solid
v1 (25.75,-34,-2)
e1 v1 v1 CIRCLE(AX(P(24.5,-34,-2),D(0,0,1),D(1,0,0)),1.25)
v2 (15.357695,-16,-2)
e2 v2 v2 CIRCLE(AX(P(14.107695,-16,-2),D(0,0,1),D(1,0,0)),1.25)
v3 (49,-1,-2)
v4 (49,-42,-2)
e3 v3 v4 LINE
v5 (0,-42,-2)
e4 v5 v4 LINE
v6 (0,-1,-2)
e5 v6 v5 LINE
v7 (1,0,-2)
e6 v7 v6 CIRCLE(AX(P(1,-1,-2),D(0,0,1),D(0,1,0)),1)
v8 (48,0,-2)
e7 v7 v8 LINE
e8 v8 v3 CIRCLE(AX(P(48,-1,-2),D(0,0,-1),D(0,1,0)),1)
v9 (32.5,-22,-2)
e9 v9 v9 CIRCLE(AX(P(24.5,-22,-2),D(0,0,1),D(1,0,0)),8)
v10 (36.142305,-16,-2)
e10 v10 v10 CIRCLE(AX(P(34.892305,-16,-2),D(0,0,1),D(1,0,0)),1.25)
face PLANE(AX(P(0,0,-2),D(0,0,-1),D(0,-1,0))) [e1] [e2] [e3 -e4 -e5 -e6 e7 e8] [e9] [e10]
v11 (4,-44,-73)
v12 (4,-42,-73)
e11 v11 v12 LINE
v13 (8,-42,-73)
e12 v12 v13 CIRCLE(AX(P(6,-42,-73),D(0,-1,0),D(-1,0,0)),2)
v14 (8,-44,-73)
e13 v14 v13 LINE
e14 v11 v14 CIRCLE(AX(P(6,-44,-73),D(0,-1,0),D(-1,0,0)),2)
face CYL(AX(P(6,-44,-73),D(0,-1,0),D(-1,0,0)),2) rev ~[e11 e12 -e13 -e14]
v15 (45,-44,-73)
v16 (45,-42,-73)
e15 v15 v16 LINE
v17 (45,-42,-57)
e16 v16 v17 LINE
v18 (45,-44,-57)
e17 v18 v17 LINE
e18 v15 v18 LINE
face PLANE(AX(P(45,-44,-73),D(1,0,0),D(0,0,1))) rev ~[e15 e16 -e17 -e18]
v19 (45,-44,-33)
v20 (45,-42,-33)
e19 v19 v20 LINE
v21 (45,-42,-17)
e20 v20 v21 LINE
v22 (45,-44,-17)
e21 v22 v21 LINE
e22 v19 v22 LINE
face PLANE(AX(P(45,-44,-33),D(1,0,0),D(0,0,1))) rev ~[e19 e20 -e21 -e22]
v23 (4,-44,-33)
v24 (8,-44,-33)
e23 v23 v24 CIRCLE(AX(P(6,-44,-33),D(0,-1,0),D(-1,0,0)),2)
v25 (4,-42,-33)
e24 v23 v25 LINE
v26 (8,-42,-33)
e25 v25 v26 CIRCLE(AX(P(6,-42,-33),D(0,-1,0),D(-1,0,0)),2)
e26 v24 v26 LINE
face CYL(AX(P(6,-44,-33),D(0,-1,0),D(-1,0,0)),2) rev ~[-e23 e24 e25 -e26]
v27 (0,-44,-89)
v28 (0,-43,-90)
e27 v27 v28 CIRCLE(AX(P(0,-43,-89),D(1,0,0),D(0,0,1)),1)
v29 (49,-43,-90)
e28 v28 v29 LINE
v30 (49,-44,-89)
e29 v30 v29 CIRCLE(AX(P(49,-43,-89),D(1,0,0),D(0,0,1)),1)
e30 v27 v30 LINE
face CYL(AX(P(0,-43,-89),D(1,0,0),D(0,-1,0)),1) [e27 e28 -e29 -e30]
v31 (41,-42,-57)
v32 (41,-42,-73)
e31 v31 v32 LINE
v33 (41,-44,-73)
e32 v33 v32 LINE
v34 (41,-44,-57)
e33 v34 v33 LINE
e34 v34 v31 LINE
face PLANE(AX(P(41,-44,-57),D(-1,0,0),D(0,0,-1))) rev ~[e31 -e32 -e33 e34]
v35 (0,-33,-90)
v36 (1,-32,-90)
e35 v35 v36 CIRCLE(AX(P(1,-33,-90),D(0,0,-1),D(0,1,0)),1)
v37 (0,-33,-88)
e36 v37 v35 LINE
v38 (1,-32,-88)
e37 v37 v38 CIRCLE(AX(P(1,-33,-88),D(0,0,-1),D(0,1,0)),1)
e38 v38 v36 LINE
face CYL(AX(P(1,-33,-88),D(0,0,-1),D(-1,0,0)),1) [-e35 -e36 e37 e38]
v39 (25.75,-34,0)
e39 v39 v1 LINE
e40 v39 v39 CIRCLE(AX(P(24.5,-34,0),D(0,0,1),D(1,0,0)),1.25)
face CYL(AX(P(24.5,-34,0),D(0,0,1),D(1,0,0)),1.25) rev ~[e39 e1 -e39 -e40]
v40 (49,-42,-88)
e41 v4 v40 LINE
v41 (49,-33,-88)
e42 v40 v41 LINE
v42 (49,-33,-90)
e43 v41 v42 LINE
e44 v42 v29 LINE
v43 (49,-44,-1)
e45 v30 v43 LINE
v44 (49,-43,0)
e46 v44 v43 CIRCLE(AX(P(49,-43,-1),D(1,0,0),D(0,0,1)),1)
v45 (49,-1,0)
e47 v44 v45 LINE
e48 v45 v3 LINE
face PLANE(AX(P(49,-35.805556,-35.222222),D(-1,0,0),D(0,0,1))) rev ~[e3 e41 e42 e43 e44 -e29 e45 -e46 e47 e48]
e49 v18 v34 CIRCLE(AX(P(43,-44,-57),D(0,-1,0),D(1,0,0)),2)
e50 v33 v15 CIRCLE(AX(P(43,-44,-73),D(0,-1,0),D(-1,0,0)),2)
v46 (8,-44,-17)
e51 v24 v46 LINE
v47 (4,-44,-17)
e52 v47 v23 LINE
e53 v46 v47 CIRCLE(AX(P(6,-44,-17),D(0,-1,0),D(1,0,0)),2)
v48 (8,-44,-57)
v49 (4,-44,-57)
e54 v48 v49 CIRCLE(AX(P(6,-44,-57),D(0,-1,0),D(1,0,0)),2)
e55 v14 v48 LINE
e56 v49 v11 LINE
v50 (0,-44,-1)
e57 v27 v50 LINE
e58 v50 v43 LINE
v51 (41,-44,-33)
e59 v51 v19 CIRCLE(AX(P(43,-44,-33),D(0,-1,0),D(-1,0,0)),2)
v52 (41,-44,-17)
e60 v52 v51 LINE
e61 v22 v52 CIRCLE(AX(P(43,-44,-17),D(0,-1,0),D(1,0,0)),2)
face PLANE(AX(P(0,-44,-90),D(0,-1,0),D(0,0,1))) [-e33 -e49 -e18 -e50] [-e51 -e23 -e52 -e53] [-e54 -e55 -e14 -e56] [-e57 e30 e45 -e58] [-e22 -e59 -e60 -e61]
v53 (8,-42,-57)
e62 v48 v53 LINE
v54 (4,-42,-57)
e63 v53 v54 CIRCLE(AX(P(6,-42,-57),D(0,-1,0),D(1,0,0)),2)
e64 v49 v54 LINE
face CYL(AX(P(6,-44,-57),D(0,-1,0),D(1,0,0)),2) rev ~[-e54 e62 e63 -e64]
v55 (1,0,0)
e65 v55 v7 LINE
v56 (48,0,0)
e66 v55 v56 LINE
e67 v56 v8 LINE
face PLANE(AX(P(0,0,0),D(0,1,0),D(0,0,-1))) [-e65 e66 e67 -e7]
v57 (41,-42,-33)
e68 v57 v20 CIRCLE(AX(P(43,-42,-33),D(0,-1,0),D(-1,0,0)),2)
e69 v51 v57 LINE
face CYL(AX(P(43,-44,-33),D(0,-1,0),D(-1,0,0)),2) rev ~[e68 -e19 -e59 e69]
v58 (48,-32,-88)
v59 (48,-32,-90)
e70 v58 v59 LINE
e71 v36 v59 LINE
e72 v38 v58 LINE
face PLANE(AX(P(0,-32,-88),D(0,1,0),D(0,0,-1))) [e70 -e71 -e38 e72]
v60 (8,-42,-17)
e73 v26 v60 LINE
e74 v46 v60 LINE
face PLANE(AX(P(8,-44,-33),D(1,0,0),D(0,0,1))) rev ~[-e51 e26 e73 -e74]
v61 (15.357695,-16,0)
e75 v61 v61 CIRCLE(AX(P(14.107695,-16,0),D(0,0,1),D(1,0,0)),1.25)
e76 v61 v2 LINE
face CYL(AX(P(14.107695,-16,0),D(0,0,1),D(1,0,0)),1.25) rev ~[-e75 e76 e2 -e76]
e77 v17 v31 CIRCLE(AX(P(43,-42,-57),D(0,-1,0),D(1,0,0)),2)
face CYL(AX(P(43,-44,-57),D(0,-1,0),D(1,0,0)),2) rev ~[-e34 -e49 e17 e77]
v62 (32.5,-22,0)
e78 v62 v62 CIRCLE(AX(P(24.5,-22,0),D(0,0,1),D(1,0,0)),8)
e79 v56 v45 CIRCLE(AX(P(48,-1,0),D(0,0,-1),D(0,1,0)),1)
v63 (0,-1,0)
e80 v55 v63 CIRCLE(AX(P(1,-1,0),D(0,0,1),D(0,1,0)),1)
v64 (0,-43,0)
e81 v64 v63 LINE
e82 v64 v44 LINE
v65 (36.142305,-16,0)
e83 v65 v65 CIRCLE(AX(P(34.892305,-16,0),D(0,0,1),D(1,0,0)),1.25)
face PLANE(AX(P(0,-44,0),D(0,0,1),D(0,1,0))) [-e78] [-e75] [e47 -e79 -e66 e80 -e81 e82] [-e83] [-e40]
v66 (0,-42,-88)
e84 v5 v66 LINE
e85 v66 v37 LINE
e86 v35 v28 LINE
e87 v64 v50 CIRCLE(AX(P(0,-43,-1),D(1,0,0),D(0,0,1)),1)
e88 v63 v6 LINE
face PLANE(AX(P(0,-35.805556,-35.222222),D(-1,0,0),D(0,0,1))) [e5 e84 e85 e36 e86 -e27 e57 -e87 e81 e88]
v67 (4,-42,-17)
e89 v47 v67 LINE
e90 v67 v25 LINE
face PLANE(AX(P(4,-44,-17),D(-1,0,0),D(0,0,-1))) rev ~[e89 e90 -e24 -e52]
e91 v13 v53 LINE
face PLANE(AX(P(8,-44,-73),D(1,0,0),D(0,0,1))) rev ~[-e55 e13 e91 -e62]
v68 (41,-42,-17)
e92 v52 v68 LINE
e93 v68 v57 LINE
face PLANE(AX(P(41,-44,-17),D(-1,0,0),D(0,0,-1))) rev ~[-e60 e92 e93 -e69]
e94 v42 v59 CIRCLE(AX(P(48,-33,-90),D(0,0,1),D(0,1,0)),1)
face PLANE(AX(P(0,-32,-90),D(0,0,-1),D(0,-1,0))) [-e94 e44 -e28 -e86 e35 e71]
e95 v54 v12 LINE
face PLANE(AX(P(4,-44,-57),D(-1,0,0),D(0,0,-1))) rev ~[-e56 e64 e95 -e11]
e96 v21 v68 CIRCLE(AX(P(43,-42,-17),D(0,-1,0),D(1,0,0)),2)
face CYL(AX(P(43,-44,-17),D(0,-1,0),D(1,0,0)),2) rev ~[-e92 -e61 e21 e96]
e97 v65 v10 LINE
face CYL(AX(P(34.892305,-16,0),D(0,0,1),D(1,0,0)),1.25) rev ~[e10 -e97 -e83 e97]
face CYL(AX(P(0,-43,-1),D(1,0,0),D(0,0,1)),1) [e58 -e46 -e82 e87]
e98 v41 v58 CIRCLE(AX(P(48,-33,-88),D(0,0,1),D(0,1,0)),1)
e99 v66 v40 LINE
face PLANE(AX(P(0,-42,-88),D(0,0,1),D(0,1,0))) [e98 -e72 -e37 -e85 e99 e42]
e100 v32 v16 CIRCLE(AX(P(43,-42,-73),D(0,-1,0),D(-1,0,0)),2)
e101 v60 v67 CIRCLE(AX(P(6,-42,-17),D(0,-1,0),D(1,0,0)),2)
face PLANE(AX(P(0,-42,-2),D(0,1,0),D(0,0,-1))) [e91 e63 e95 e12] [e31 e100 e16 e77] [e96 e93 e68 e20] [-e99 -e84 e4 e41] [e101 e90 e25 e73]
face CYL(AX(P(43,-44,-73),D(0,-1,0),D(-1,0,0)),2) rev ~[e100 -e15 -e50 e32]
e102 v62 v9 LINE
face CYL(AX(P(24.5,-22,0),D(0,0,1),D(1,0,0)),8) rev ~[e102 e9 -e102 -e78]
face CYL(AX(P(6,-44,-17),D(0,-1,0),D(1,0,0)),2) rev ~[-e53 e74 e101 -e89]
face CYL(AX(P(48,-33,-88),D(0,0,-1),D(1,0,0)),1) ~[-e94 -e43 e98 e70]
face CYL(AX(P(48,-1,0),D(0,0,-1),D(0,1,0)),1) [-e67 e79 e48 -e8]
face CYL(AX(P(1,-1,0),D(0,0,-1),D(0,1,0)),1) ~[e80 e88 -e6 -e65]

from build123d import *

# Parameters (mm, degrees)
BOSS_EXTRUDE2_DEPTH = 49
CUT_EXTRUDE1_REACH  = 113.521
SKETCH4_R           = 1.25
SKETCH4_R_2         = 8
CUT_EXTRUDE3_REACH  = 113.521
FILLET2_R           = 1


with BuildPart() as part:
    # Sketch3 → Boss-Extrude2 (new body)
    with BuildSketch(Plane(origin=(0, 0, 0), x_dir=(0, 0, -1), z_dir=(1, 0, 0))):
        Polygon((0, 0), (2, 0), (2, -42), (88, -42), (88, -32), (90, -32), (90, -44), (0, -44), align=None)
    extrude(amount=BOSS_EXTRUDE2_DEPTH)

    # Sketch4 → Cut-Extrude1 (cut, up to next)
    with BuildSketch(Plane.XY, mode=Mode.PRIVATE) as cut_extrude1_sk1:
        with Locations((24.5, -34)):
            Circle(SKETCH4_R)
    cut_extrude1_tool1 = extrude(cut_extrude1_sk1.sketch, amount=-CUT_EXTRUDE1_REACH, mode=Mode.PRIVATE) & part.part
    # Sketch4 → Cut-Extrude1 (cut, up to next)
    with BuildSketch(Plane.XY, mode=Mode.PRIVATE) as cut_extrude1_sk2:
        with Locations((14.107695155, -16)):
            Circle(SKETCH4_R)
    cut_extrude1_tool2 = extrude(cut_extrude1_sk2.sketch, amount=-CUT_EXTRUDE1_REACH, mode=Mode.PRIVATE) & part.part
    # Sketch4 → Cut-Extrude1 (cut, up to next)
    with BuildSketch(Plane.XY, mode=Mode.PRIVATE) as cut_extrude1_sk3:
        with Locations((34.892304845, -16)):
            Circle(SKETCH4_R)
    cut_extrude1_tool3 = extrude(cut_extrude1_sk3.sketch, amount=-CUT_EXTRUDE1_REACH, mode=Mode.PRIVATE) & part.part
    # Sketch4 → Cut-Extrude1 (cut, up to next)
    with BuildSketch(Plane.XY, mode=Mode.PRIVATE) as cut_extrude1_sk4:
        with Locations((24.5, -22)):
            Circle(SKETCH4_R_2)
    cut_extrude1_tool4 = extrude(cut_extrude1_sk4.sketch, amount=-CUT_EXTRUDE1_REACH, mode=Mode.PRIVATE) & part.part
    add(cut_extrude1_tool1.solids().sort_by_distance((24.5, -34, 0))[0], mode=Mode.SUBTRACT)
    add(cut_extrude1_tool2.solids().sort_by_distance((14.107695, -16, 0))[0], mode=Mode.SUBTRACT)
    add(cut_extrude1_tool3.solids().sort_by_distance((34.892305, -16, 0))[0], mode=Mode.SUBTRACT)
    add(cut_extrude1_tool4.solids().sort_by_distance((24.5, -22, 0))[0], mode=Mode.SUBTRACT)

    # Sketch5 → Cut-Extrude3 (cut, up to next)
    with BuildSketch(Plane.XZ.offset(44), mode=Mode.PRIVATE) as cut_extrude3_sk1:
        with BuildLine():
            Line((41, -17), (41, -33))
            ThreePointArc((41, -33), (43, -35), (45, -33))
            Line((45, -33), (45, -17))
            ThreePointArc((45, -17), (43, -15), (41, -17))
        make_face()
    cut_extrude3_tool1 = extrude(cut_extrude3_sk1.sketch, amount=-CUT_EXTRUDE3_REACH, mode=Mode.PRIVATE) & part.part
    # Sketch5 → Cut-Extrude3 (cut, up to next)
    with BuildSketch(Plane.XZ.offset(44), mode=Mode.PRIVATE) as cut_extrude3_sk2:
        with BuildLine():
            Line((45, -73), (45, -57))
            ThreePointArc((45, -57), (43, -55), (41, -57))
            Line((41, -57), (41, -73))
            ThreePointArc((41, -73), (43, -75), (45, -73))
        make_face()
    cut_extrude3_tool2 = extrude(cut_extrude3_sk2.sketch, amount=-CUT_EXTRUDE3_REACH, mode=Mode.PRIVATE) & part.part
    # Sketch5 → Cut-Extrude3 (cut, up to next)
    with BuildSketch(Plane.XZ.offset(44), mode=Mode.PRIVATE) as cut_extrude3_sk3:
        with BuildLine():
            Line((8, -73), (8, -57))
            ThreePointArc((8, -57), (6, -55), (4, -57))
            Line((4, -57), (4, -73))
            ThreePointArc((4, -73), (6, -75), (8, -73))
        make_face()
    cut_extrude3_tool3 = extrude(cut_extrude3_sk3.sketch, amount=-CUT_EXTRUDE3_REACH, mode=Mode.PRIVATE) & part.part
    # Sketch5 → Cut-Extrude3 (cut, up to next)
    with BuildSketch(Plane.XZ.offset(44), mode=Mode.PRIVATE) as cut_extrude3_sk4:
        with BuildLine():
            Line((4, -17), (4, -33))
            ThreePointArc((4, -33), (6, -35), (8, -33))
            Line((8, -33), (8, -17))
            ThreePointArc((8, -17), (6, -15), (4, -17))
        make_face()
    cut_extrude3_tool4 = extrude(cut_extrude3_sk4.sketch, amount=-CUT_EXTRUDE3_REACH, mode=Mode.PRIVATE) & part.part
    add(cut_extrude3_tool1.solids().sort_by_distance((43, -44, -25))[0], mode=Mode.SUBTRACT)
    add(cut_extrude3_tool2.solids().sort_by_distance((43, -44, -65))[0], mode=Mode.SUBTRACT)
    add(cut_extrude3_tool3.solids().sort_by_distance((6, -44, -65))[0], mode=Mode.SUBTRACT)
    add(cut_extrude3_tool4.solids().sort_by_distance((6, -44, -25))[0], mode=Mode.SUBTRACT)

    # Fillet2
    fillet2_edges = [part.edges().sort_by_distance(p)[0] for p in [
        (0, 0, -1),
        (24.5, -44, 0),
        (24.5, -44, -90),
        (49, -32, -89),
        (49, 0, -1),
        (0, -32, -89),
    ]]
    fillet(fillet2_edges, radius=FILLET2_R)


solid = part.part
